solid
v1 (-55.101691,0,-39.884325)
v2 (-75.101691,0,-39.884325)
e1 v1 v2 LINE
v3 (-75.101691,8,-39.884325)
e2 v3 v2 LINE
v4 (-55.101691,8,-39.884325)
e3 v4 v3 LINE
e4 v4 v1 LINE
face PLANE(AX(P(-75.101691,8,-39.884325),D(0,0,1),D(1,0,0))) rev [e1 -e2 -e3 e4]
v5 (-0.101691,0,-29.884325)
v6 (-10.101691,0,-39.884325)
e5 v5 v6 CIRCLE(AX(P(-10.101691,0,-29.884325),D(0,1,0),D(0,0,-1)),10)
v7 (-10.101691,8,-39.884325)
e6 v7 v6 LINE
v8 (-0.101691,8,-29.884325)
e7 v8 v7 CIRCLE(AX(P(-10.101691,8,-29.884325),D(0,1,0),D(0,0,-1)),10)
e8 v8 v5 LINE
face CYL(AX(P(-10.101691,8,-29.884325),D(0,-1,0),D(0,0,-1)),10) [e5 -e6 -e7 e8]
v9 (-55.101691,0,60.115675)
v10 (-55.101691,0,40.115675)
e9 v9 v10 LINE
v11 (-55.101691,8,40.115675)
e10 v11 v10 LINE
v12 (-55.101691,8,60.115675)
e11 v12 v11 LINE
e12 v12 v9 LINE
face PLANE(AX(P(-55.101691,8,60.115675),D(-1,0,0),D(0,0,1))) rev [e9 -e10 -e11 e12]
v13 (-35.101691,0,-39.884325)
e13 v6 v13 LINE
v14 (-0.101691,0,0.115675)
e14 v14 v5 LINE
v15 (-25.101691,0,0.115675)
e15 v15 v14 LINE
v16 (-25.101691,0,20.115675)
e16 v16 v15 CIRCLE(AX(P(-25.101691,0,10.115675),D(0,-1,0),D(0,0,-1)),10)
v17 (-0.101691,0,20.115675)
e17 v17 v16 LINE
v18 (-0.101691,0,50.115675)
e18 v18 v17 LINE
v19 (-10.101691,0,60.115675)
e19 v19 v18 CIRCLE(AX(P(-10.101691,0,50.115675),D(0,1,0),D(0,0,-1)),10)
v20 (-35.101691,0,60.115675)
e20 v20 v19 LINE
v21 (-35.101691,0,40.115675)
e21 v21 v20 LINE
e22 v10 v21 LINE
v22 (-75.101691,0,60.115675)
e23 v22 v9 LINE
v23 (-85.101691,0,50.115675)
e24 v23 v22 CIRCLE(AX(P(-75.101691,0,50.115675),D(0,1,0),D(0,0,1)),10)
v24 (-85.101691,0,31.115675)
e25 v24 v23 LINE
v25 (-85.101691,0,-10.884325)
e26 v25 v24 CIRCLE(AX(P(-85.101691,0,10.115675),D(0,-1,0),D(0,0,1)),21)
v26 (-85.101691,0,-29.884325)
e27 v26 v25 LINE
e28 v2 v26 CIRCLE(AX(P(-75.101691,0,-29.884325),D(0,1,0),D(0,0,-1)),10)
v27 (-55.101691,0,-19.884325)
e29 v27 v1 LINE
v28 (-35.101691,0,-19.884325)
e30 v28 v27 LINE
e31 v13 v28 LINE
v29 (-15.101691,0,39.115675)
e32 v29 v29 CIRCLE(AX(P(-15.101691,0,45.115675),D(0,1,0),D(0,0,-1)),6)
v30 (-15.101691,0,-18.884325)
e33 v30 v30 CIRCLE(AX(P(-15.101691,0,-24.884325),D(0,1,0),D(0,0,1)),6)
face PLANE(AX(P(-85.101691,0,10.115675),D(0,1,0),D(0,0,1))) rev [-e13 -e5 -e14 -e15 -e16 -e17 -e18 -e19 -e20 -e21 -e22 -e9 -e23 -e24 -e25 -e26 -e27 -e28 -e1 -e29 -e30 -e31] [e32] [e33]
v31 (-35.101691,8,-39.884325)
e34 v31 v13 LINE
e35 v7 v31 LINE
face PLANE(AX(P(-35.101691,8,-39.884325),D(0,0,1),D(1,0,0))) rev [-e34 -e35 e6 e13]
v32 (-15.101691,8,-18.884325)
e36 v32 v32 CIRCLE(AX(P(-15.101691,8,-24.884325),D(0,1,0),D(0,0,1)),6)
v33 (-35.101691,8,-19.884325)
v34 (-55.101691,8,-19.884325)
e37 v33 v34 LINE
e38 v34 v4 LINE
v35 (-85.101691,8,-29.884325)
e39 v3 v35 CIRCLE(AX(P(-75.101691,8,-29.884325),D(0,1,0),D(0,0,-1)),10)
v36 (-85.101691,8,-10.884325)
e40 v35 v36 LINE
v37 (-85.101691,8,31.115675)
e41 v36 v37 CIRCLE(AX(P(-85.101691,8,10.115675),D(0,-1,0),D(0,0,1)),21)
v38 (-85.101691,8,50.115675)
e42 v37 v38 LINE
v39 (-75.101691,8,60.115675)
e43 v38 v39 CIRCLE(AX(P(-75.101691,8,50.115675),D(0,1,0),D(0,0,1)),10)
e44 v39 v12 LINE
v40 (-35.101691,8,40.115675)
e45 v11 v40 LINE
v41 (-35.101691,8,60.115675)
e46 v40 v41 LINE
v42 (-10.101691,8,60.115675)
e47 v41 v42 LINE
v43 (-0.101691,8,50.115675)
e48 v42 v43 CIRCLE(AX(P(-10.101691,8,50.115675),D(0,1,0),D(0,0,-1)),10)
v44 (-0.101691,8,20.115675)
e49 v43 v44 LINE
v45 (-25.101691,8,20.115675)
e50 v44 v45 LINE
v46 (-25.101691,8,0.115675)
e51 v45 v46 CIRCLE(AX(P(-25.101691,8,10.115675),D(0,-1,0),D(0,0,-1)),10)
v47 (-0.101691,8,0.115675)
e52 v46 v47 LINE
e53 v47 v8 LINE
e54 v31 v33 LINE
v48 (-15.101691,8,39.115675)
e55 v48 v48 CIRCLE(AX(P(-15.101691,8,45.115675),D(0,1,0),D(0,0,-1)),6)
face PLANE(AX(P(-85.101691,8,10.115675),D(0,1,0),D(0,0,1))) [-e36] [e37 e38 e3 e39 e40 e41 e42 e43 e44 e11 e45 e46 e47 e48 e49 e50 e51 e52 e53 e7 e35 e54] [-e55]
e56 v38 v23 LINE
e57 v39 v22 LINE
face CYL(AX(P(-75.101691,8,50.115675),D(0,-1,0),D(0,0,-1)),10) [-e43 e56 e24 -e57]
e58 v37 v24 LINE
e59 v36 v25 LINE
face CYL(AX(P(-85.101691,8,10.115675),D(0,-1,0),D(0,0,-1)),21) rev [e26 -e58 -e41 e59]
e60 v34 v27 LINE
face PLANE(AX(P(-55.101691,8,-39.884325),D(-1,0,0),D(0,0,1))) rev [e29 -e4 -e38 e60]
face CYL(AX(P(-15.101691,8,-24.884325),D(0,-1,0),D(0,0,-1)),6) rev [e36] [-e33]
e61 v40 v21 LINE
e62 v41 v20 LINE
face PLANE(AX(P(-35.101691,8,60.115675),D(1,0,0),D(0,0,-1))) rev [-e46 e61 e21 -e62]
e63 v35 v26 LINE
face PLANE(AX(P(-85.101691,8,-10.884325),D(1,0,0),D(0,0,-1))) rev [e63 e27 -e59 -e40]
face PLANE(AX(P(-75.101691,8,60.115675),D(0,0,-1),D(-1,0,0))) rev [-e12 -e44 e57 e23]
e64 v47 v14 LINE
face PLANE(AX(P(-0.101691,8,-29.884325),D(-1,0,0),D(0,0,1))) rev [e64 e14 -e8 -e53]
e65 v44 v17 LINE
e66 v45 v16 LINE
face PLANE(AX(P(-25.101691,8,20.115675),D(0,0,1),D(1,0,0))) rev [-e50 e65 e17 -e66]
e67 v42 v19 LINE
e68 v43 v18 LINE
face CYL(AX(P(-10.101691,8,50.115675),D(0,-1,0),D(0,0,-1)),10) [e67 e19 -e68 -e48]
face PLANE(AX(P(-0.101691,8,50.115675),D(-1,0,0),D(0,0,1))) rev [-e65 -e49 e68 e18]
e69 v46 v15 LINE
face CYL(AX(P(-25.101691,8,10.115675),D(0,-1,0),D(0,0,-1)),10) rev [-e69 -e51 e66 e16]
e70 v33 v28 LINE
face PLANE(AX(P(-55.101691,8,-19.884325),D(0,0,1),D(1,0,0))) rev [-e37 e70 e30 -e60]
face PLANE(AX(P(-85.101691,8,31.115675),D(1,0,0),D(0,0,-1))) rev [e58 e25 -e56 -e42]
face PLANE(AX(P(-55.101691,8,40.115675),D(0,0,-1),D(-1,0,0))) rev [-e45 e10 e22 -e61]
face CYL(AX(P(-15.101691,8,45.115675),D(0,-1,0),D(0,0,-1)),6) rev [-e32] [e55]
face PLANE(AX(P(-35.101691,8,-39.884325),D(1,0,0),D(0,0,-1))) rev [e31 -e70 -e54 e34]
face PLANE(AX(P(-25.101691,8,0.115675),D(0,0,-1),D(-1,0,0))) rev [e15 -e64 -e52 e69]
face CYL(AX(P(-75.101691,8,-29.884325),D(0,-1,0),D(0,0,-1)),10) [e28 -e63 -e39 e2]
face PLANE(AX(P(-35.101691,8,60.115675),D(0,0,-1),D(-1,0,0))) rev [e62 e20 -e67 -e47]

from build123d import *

# Parameters (mm, degrees)
SKETCH1_R           = 6
BOSS_EXTRUDE1_DEPTH = 8


with BuildPart() as part:
    # Sketch1 → Boss-Extrude1 (new body)
    with BuildSketch(Plane(origin=(0, 0, 0), x_dir=(1, 0, 0), z_dir=(0, 1, 0))):
        with BuildLine():
            Line((-25.10169054, -0.115674765), (-0.10169054, -0.115674765))
            Line((-0.10169054, -0.115674765), (-0.10169054, 29.884325235))
            ThreePointArc((-0.10169054, 29.884325235), (-3.030622728, 36.955393047), (-10.10169054, 39.884325235))
            Line((-10.10169054, 39.884325235), (-35.10169054, 39.884325235))
            Line((-35.10169054, 39.884325235), (-35.10169054, 19.884325235))
            Line((-35.10169054, 19.884325235), (-55.10169054, 19.884325235))
            Line((-55.10169054, 19.884325235), (-55.10169054, 39.884325235))
            Line((-55.10169054, 39.884325235), (-75.10169054, 39.884325235))
            ThreePointArc((-75.10169054, 39.884325235), (-82.172758352, 36.955393047), (-85.10169054, 29.884325235))
            Line((-85.10169054, 29.884325235), (-85.10169054, 10.884325235))
            ThreePointArc((-85.10169054, 10.884325235), (-64.10169054, -10.115674765), (-85.10169054, -31.115674765))
            Line((-85.10169054, -31.115674765), (-85.10169054, -50.115674765))
            ThreePointArc((-85.10169054, -50.115674765), (-82.172758352, -57.186742577), (-75.10169054, -60.115674765))
            Line((-75.10169054, -60.115674765), (-55.10169054, -60.115674765))
            Line((-55.10169054, -60.115674765), (-55.10169054, -40.115674765))
            Line((-55.10169054, -40.115674765), (-35.10169054, -40.115674765))
            Line((-35.10169054, -40.115674765), (-35.10169054, -60.115674765))
            Line((-35.10169054, -60.115674765), (-10.10169054, -60.115674765))
            ThreePointArc((-10.10169054, -60.115674765), (-3.030622728, -57.186742577), (-0.10169054, -50.115674765))
            Line((-0.10169054, -50.115674765), (-0.10169054, -20.115674765))
            Line((-0.10169054, -20.115674765), (-25.10169054, -20.115674765))
            ThreePointArc((-25.10169054, -20.115674765), (-35.10169054, -10.115674765), (-25.10169054, -0.115674765))
        make_face()
        with Locations((-15.10169054, 24.884325235)):
            Circle(SKETCH1_R, mode=Mode.SUBTRACT)
        with Locations((-15.10169054, -45.115674765)):
            Circle(SKETCH1_R, mode=Mode.SUBTRACT)
    extrude(amount=BOSS_EXTRUDE1_DEPTH)


solid = part.part
